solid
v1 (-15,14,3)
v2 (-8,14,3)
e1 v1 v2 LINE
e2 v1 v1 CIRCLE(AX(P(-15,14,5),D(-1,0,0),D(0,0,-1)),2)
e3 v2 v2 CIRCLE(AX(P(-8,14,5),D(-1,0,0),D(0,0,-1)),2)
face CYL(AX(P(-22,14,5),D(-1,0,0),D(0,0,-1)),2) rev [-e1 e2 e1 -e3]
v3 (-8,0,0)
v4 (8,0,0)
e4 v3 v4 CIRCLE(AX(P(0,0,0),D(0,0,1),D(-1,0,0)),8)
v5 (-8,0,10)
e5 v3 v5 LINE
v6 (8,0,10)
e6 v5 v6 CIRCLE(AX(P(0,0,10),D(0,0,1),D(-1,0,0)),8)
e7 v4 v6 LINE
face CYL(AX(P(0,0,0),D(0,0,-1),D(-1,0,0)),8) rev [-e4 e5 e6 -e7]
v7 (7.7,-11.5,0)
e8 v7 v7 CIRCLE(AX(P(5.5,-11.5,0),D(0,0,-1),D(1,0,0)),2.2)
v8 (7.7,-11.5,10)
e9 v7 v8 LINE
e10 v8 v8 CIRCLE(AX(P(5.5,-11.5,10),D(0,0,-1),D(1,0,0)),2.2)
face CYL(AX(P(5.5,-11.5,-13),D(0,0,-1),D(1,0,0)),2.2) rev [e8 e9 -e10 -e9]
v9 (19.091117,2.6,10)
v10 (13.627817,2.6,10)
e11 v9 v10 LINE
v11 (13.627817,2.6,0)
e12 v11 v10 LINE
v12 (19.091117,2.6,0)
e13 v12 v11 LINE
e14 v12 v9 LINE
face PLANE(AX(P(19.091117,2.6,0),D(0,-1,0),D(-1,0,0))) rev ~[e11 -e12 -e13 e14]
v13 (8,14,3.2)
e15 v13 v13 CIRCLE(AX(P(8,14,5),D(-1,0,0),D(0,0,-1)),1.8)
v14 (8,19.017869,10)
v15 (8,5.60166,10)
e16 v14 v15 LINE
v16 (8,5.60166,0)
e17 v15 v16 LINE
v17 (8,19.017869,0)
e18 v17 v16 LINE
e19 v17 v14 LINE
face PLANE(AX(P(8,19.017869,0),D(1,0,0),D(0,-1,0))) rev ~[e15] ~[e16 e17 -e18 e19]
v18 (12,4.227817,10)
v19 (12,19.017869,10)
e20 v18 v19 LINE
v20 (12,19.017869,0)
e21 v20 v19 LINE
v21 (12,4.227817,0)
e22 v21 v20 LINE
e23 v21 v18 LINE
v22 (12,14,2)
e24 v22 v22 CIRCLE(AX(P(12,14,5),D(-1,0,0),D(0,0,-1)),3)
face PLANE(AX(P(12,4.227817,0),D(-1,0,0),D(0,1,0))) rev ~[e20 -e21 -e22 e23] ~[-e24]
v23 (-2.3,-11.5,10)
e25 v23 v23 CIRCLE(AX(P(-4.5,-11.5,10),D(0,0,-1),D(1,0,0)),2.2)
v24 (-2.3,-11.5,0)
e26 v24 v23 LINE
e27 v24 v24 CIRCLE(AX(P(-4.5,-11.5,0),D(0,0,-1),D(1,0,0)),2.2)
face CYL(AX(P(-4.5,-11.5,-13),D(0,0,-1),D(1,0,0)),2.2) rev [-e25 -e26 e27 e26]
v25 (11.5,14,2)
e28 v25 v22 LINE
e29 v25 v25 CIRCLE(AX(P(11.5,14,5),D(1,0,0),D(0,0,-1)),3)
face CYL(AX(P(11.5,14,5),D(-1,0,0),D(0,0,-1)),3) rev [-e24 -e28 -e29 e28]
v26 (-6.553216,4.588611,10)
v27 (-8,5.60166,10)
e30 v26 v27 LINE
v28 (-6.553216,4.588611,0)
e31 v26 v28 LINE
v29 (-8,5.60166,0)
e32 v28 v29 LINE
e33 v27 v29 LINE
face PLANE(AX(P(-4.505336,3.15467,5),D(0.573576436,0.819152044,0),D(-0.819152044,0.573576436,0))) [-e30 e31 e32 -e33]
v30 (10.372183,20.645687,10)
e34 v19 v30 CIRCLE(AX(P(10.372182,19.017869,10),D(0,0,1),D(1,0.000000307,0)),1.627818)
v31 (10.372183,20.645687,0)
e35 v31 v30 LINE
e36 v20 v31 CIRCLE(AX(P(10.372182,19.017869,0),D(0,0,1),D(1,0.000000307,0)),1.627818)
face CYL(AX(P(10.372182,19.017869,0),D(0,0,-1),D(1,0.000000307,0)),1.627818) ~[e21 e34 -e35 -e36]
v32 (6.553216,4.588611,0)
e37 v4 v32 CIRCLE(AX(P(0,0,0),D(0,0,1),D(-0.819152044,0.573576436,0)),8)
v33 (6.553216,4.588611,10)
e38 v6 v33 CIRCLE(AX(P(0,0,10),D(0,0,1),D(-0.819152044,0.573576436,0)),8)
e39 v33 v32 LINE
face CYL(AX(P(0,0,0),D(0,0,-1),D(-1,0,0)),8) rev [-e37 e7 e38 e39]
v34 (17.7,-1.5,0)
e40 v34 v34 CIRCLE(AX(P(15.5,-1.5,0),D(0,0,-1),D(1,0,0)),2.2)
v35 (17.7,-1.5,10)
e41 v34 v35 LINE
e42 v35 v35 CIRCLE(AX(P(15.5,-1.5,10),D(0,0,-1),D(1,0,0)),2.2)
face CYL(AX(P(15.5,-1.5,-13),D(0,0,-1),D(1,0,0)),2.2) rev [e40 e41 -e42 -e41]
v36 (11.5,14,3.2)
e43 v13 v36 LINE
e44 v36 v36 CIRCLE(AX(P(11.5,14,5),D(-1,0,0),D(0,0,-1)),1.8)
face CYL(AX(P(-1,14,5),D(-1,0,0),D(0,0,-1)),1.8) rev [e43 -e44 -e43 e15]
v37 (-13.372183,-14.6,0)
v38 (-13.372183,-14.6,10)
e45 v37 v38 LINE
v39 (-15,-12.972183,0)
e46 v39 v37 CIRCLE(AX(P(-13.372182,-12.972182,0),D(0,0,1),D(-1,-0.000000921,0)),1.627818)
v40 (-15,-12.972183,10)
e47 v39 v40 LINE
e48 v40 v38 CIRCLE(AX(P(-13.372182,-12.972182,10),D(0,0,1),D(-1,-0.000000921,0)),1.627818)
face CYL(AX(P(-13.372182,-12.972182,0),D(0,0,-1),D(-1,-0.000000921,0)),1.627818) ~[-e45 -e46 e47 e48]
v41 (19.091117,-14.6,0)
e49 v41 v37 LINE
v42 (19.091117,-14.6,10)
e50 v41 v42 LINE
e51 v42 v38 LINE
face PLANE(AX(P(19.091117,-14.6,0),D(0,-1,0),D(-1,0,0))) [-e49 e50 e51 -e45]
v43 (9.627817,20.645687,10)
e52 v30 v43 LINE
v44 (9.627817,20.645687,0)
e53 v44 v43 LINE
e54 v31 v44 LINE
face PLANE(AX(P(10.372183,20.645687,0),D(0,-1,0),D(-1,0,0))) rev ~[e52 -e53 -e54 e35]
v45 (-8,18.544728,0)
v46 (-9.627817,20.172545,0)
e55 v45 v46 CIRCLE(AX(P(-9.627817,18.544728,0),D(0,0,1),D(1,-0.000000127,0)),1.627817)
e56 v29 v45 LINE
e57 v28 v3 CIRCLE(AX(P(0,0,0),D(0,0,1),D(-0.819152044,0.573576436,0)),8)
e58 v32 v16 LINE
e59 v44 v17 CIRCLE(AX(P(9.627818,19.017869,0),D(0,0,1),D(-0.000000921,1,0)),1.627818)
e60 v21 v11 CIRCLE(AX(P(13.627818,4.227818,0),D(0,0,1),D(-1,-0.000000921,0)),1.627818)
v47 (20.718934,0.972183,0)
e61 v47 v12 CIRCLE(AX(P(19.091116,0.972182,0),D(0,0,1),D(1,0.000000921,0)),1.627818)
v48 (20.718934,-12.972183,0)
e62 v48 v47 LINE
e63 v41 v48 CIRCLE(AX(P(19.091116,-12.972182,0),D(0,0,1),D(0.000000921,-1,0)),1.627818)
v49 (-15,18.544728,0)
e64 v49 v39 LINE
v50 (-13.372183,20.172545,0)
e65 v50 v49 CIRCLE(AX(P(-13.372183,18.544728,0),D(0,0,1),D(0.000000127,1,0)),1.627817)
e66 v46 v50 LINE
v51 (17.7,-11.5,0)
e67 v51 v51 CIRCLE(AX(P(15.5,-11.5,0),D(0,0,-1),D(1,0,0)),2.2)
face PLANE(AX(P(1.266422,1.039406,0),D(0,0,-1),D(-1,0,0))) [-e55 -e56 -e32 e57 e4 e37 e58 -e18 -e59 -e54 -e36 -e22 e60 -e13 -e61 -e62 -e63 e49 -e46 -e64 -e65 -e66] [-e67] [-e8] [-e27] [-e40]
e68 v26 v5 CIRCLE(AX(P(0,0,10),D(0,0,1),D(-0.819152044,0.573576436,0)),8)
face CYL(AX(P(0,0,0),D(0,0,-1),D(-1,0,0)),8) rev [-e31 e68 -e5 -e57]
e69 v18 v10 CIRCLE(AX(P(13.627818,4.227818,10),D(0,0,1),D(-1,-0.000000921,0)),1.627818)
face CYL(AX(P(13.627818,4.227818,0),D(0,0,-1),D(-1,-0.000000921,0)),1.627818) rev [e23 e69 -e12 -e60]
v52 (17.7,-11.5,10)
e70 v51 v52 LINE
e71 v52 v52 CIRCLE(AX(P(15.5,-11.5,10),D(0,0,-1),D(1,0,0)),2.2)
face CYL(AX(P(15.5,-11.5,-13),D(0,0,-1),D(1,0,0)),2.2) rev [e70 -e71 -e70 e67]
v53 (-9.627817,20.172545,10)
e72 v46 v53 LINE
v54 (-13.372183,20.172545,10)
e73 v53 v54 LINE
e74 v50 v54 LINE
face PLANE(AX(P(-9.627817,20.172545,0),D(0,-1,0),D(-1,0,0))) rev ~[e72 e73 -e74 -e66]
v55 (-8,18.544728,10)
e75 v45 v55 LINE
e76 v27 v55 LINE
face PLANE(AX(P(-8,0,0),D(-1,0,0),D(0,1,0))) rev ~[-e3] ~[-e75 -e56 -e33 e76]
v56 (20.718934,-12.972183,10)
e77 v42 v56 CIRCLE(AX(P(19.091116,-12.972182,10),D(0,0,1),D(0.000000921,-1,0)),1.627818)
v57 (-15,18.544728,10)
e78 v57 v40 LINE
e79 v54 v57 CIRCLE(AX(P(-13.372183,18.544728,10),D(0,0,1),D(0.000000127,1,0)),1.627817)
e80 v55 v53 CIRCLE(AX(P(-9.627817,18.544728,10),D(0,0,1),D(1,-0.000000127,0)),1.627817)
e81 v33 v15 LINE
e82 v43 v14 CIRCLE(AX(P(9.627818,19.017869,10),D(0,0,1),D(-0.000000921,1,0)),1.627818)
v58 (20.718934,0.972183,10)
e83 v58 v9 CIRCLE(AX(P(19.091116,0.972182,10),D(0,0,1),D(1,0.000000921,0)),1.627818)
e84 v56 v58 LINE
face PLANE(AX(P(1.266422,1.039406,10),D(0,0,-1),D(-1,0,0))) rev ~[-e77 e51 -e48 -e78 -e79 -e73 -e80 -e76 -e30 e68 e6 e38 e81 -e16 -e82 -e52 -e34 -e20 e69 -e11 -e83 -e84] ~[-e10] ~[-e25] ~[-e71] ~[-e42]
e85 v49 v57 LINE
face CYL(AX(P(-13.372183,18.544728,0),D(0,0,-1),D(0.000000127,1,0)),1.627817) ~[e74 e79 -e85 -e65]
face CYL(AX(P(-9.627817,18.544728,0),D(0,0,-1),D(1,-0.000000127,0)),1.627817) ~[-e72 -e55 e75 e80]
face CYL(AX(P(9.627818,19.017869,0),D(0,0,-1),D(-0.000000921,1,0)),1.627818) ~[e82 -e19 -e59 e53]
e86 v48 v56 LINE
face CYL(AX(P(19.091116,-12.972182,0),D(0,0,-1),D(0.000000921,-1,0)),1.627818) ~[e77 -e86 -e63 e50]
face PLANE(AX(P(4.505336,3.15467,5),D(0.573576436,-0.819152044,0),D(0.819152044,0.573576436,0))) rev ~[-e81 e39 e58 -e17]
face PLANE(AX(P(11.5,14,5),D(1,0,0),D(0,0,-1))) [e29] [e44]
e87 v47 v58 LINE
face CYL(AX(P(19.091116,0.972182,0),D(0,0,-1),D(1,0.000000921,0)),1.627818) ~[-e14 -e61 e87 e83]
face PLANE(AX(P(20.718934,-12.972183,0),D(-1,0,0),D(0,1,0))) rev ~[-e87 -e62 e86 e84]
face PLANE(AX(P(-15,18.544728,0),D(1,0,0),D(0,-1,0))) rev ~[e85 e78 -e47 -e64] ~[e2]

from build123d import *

# Parameters (mm, degrees)
CYLINDER011012_R               = 1.8
CYLINDER011012_DEPTH           = 20
CYLINDER011013_R               = 3
CYLINDER011013_DEPTH           = 20
CYLINDER011010_R               = 2.2
CYLINDER011010_DEPTH           = 100
ARRAY008_X_COUNT               = 3
ARRAY008_X_PITCH               = 10
ARRAY008_Y_COUNT               = 3
ARRAY008_Y_PITCH               = 10
CYLINDER011011_R               = 2
CYLINDER011011_DEPTH           = 20
CYLINDER011014_R               = 8
CYLINDER011014_DEPTH           = 10
CYLINDER011015_W               = 11
CYLINDER011015_H               = 10
CYLINDER011015_ANGLE           = 250
CYLINDER011015_PLACEMENT_ANGLE = 145
PAD_DEPTH                      = 10


with BuildPart() as bolt_hole001:
    # Cylinder011012 → Cylinder011012 (new body)
    with BuildSketch(Plane(origin=(-1, 14, 5), x_dir=(0, 0, -1), z_dir=(1, 0, 0))):
        Circle(CYLINDER011012_R)
    extrude(amount=CYLINDER011012_DEPTH)


with BuildPart() as bolt_head_hole:
    # Cylinder011013 → Cylinder011013 (new body)
    with BuildSketch(Plane(origin=(11.5, 14, 5), x_dir=(0, 0, -1), z_dir=(1, 0, 0))):
        Circle(CYLINDER011013_R)
    extrude(amount=CYLINDER011013_DEPTH)


with BuildPart() as general_insert_hole_array:
    # Cylinder011010 → Cylinder011010 (new body)
    with BuildSketch(Plane.XY):
        Circle(CYLINDER011010_R)
    extrude(amount=CYLINDER011010_DEPTH)

    # Array008 X: general insert hole array ×3


with BuildPart() as general_insert_hole_array_1:
    add(general_insert_hole_array.part)
    with Locations(*[(i * ARRAY008_X_PITCH, 0, 0) for i in range(1, ARRAY008_X_COUNT)]):
        add(general_insert_hole_array.part)

    # Array008 Y: general insert hole array ×3


with BuildPart() as general_insert_hole_array_2:
    add(general_insert_hole_array_1.part)
    with Locations(*[(0, i * ARRAY008_Y_PITCH, 0) for i in range(1, ARRAY008_Y_COUNT)]):
        add(general_insert_hole_array_1.part)


with BuildPart() as general_insert_hole_array_3:
    # Array008 placement: moved
    add(general_insert_hole_array_2.part.moved(Location((-4.5, -21.5, -13))))


with BuildPart() as shaft_attachment_holde_fusion:
    # Cylinder011011 → Cylinder011011 (new body)
    with BuildSketch(Plane(origin=(-22, 14, 5), x_dir=(0, 0, -1), z_dir=(1, 0, 0))):
        Circle(CYLINDER011011_R)
    extrude(amount=CYLINDER011011_DEPTH)

    # Fusion004: union bolt hole001, bolt head hole, general insert hole array
    add(bolt_hole001.part)
    add(bolt_head_hole.part)
    add(general_insert_hole_array_3.part)


with BuildPart() as cylinder:
    # Cylinder011014 → Cylinder011014 (new body)
    with BuildSketch(Plane.XY):
        Circle(CYLINDER011014_R)
    extrude(amount=CYLINDER011014_DEPTH)


with BuildPart() as cut023015009010:
    # Cylinder011015 → Cylinder011015 (revolve)
    with BuildSketch(Plane.XZ):
        with Locations((5.5, 5)):
            Rectangle(CYLINDER011015_W, CYLINDER011015_H)
    revolve(axis=Axis((0, 0, 0), (0, 0, 1)), revolution_arc=CYLINDER011015_ANGLE)


with BuildPart() as cut023015009010_1:
    # Cylinder011015 placement: moved
    add(cut023015009010.part.rotate(Axis((0, 0, 0), (0, 0, 1)), CYLINDER011015_PLACEMENT_ANGLE))

    # Cut023015009010: cut Cylinder
    add(cylinder.part, mode=Mode.SUBTRACT)


with BuildPart() as shaft_attachment_cut:
    # Sketch002 → Pad (new body)
    with BuildSketch(Plane.XY):
        with BuildLine():
            Line((19.091117, -14.6), (-13.372183, -14.6))
            ThreePointArc((-15, -12.972183), (-14.523223, -14.123223), (-13.372183, -14.6))
            Line((-15, 18.544728), (-15, -12.972183))
            ThreePointArc((-13.372183, 20.172545), (-14.523223, 19.695769), (-15, 18.544728))
            Line((-9.627817, 20.172545), (-13.372183, 20.172545))
            ThreePointArc((-8, 18.544728), (-8.476777, 19.695769), (-9.627817, 20.172545))
            Line((-8, 0), (-8, 18.544728))
            ThreePointArc((-8, 0), (0, -8), (8, 0))
            Line((8, 19.017869), (8, 0))
            ThreePointArc((9.627817, 20.645687), (8.476777, 20.16891), (8, 19.017869))
            Line((10.372183, 20.645687), (9.627817, 20.645687))
            ThreePointArc((12, 19.017869), (11.523223, 20.16891), (10.372183, 20.645687))
            Line((12, 4.227817), (12, 19.017869))
            ThreePointArc((12, 4.227817), (12.476777, 3.076777), (13.627817, 2.6))
            Line((19.091117, 2.6), (13.627817, 2.6))
            ThreePointArc((20.718934, 0.972183), (20.242157, 2.123223), (19.091117, 2.6))
            Line((20.718934, -12.972183), (20.718934, 0.972183))
            ThreePointArc((19.091117, -14.6), (20.242157, -14.123223), (20.718934, -12.972183))
        make_face()
    extrude(amount=PAD_DEPTH)

    # Fusion005: union Cut023015009010
    add(cut023015009010_1.part)

    # Cut023015009009: cut shaft attachment holde fusion
    add(shaft_attachment_holde_fusion.part, mode=Mode.SUBTRACT)


solid = shaft_attachment_cut.part
